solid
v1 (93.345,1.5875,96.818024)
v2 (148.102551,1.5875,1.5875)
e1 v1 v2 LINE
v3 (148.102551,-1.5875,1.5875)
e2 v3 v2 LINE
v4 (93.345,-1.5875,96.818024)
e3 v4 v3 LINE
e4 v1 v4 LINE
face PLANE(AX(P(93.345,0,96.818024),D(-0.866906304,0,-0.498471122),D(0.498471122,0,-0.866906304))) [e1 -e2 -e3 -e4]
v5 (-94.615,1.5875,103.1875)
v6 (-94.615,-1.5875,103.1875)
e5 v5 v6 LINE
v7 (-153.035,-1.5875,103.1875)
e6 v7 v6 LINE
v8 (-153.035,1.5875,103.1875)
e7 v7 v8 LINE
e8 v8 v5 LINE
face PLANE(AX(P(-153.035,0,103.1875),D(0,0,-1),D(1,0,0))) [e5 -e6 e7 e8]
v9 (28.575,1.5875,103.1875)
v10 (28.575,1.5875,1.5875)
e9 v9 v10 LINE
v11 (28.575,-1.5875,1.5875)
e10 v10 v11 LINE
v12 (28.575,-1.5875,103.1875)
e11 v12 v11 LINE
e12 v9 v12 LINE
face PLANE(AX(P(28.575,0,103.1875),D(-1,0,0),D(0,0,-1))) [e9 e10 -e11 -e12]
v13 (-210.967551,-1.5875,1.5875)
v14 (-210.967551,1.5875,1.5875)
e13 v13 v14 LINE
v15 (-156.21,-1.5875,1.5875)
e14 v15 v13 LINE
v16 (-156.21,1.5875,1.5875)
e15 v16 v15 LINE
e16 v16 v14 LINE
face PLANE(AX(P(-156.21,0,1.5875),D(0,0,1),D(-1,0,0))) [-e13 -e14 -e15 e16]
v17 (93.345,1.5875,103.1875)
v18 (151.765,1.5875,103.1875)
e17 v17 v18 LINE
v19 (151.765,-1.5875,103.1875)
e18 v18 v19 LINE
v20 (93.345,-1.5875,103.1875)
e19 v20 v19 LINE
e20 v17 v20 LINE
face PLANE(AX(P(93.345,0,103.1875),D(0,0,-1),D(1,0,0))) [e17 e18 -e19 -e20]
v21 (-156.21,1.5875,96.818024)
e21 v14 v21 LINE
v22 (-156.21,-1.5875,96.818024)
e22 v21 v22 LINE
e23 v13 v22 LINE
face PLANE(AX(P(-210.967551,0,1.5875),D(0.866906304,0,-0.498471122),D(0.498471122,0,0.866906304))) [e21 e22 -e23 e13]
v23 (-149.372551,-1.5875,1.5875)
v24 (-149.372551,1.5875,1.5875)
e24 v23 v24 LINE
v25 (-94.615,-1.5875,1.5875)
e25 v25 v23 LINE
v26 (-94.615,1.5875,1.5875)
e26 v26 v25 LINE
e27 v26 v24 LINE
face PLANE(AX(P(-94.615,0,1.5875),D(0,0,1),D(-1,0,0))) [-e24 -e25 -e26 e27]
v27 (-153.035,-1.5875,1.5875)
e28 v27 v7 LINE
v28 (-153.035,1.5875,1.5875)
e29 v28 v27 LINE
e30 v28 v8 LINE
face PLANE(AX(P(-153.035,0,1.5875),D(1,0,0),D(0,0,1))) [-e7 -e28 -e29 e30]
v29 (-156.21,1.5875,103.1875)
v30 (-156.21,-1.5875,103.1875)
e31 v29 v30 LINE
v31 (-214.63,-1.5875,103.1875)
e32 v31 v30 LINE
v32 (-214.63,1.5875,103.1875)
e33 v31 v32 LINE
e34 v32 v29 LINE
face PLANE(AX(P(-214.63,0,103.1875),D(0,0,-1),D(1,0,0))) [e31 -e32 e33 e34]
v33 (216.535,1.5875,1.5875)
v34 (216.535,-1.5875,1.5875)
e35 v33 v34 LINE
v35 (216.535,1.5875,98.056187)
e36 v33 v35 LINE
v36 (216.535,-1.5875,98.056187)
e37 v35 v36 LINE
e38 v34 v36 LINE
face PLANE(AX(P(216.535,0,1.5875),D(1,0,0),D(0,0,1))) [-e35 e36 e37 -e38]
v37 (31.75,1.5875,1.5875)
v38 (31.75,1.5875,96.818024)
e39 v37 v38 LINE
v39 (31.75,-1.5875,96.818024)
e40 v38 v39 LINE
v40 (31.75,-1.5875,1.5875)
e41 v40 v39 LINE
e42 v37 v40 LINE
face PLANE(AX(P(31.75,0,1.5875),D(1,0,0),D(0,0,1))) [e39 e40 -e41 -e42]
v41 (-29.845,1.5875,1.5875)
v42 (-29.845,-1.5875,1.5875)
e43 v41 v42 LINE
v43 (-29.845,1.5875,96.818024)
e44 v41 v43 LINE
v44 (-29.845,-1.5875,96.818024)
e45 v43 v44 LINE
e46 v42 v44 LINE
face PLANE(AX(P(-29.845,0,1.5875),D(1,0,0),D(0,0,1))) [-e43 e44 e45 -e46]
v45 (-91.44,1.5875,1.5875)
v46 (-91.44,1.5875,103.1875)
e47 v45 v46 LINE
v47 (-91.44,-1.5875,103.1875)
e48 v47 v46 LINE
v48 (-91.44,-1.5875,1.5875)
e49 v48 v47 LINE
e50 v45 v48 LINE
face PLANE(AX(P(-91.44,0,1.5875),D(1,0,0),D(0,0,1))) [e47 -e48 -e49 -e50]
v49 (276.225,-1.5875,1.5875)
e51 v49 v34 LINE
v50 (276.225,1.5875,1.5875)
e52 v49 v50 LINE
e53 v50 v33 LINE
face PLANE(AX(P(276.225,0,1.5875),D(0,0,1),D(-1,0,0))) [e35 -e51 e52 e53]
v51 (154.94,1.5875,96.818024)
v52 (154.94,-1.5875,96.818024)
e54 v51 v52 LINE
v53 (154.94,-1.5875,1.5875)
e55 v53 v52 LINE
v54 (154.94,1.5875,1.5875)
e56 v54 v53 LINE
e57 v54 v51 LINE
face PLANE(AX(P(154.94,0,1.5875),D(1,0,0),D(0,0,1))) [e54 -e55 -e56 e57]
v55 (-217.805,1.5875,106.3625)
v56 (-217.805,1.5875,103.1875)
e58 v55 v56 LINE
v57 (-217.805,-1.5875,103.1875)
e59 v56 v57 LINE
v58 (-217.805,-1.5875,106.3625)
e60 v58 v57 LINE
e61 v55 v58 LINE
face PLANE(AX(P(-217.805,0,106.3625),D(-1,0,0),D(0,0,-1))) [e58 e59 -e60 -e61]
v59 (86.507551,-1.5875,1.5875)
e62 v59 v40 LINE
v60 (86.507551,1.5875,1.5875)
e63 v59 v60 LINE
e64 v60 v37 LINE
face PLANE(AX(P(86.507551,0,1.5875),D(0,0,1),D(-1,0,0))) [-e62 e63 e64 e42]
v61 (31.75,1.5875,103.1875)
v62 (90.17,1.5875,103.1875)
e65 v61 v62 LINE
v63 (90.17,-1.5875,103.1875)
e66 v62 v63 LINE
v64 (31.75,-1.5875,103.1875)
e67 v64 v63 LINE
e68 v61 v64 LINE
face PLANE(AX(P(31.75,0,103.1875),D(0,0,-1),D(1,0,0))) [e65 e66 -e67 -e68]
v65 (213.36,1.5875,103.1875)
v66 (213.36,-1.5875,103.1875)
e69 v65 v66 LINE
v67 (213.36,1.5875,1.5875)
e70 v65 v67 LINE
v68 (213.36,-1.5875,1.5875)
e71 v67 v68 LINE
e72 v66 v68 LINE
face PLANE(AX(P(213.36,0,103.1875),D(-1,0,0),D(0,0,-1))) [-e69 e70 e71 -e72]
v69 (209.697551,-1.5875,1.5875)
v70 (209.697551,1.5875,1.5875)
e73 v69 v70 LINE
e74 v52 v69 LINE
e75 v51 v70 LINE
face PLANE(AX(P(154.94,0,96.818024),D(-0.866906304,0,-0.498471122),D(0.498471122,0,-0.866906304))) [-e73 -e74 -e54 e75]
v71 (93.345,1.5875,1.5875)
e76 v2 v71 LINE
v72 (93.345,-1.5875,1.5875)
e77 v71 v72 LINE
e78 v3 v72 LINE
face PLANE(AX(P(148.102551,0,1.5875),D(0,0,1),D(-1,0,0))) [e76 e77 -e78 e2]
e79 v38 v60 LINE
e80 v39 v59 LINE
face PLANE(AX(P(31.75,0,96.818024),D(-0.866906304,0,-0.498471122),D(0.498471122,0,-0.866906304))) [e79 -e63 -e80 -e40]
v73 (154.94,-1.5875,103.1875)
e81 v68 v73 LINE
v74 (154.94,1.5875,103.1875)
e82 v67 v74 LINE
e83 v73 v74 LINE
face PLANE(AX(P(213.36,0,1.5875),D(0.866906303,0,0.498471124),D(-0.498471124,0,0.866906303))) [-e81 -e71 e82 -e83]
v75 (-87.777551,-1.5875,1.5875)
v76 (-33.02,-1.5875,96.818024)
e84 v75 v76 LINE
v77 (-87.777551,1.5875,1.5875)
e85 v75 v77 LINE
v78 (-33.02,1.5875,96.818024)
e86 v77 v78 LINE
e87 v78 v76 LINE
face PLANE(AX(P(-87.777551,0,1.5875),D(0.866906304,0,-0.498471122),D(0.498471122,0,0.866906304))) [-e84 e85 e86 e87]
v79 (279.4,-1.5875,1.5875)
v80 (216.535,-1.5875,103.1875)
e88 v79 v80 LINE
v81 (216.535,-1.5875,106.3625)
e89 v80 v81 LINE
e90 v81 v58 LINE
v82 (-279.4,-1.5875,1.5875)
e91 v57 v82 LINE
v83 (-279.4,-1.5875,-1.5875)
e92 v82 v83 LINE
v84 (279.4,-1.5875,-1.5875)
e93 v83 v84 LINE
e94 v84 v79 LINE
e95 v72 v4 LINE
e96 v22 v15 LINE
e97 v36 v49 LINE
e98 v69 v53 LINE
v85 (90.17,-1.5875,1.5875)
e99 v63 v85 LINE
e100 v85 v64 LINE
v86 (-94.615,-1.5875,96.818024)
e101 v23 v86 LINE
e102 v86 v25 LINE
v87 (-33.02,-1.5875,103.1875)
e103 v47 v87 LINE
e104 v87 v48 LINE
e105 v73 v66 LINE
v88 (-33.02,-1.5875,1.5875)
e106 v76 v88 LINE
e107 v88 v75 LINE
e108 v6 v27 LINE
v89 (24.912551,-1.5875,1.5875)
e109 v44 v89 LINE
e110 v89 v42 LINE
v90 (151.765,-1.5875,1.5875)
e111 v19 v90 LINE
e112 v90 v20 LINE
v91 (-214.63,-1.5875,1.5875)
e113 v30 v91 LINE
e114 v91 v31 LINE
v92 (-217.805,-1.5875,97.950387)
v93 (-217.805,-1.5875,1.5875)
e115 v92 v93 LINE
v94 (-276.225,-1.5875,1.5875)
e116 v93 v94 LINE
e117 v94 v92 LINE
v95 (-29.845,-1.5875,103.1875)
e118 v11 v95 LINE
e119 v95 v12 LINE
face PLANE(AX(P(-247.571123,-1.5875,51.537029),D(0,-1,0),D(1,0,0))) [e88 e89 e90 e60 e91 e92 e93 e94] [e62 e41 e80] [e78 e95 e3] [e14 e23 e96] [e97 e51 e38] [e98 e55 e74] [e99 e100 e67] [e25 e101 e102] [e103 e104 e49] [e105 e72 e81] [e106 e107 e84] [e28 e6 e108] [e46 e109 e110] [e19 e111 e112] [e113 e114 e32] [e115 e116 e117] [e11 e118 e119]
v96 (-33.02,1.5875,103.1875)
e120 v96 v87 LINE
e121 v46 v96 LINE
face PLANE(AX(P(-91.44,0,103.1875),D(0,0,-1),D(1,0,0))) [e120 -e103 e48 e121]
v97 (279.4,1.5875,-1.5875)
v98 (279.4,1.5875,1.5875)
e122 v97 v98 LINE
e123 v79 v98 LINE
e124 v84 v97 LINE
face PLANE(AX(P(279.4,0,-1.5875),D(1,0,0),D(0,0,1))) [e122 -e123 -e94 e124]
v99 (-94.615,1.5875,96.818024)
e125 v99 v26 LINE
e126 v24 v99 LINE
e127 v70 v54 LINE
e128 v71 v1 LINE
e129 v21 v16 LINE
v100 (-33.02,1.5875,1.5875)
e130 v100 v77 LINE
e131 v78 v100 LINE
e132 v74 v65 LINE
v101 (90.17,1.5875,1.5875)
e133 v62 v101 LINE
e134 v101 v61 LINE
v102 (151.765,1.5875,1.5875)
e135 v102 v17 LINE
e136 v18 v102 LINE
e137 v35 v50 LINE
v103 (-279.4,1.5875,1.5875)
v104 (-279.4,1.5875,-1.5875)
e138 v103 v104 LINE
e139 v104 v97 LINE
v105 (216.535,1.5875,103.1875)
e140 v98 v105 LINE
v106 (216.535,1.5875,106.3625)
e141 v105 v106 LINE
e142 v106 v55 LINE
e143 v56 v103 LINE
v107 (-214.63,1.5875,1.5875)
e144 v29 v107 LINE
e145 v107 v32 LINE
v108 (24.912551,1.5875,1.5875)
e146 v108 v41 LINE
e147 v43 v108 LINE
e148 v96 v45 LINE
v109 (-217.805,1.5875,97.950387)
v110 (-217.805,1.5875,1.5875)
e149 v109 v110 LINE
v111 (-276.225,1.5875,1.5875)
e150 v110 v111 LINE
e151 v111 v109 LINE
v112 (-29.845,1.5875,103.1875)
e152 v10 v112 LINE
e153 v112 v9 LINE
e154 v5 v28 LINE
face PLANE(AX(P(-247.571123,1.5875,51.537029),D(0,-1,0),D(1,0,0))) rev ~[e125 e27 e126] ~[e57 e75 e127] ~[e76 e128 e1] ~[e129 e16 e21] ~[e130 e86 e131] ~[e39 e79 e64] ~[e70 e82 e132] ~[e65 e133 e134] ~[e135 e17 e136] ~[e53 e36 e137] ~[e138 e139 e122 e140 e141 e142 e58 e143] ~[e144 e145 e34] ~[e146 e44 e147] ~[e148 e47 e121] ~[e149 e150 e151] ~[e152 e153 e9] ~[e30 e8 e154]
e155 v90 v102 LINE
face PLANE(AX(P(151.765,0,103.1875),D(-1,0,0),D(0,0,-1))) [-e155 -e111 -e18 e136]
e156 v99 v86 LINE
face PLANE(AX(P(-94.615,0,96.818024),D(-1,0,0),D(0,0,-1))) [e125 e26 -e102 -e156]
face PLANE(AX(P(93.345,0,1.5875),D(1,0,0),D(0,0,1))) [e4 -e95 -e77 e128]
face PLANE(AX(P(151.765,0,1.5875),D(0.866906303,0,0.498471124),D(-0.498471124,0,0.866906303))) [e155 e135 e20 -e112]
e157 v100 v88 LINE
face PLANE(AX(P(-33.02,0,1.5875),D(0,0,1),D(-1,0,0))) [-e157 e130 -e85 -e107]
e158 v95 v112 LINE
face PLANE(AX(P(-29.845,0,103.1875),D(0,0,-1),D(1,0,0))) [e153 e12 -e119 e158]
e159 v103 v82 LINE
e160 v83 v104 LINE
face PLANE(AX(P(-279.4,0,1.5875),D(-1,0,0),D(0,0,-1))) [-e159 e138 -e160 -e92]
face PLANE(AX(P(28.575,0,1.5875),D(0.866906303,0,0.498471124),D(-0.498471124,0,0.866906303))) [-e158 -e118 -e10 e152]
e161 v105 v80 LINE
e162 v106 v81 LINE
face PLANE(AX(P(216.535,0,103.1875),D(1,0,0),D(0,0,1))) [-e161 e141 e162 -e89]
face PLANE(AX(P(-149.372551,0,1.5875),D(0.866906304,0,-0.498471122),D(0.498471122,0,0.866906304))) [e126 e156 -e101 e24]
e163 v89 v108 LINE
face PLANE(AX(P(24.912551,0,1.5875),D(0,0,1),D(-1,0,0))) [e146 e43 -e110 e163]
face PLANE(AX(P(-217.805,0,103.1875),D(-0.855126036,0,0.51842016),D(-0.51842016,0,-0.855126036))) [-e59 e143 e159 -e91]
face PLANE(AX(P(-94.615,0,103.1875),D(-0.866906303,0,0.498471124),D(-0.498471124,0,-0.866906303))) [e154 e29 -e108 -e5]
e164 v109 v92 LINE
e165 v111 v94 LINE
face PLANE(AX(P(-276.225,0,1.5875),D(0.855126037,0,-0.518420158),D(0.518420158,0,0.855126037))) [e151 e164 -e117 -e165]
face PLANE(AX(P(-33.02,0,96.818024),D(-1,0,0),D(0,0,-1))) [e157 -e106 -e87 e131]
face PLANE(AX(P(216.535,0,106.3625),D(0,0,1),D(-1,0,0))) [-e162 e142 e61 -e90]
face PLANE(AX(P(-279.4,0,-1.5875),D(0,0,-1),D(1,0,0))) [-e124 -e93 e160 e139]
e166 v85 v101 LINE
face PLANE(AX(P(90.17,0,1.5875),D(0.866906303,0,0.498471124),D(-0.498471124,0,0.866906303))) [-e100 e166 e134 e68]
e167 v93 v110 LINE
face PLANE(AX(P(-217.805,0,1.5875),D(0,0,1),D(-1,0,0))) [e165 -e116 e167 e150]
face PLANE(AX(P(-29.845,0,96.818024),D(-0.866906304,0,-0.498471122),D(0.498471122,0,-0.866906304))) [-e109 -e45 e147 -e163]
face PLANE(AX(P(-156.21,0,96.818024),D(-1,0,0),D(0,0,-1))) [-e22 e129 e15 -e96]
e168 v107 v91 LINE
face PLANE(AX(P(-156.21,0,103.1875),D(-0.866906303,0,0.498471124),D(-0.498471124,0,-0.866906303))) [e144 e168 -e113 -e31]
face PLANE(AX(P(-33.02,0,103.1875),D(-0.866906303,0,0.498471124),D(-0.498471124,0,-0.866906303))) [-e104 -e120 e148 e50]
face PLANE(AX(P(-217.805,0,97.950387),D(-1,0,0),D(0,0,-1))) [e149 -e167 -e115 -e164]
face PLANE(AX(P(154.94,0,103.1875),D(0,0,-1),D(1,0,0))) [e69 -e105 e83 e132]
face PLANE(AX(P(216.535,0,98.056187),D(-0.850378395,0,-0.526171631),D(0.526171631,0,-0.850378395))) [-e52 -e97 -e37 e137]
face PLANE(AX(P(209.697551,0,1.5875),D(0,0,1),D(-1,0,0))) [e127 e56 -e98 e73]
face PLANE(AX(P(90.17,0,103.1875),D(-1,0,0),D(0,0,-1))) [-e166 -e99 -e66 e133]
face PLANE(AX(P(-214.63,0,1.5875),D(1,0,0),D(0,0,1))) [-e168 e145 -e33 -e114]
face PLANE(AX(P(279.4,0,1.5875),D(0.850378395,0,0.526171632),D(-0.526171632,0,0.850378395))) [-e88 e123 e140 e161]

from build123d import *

# Parameters (mm, degrees)
F1_DEPTH = 1.5875


with BuildPart() as f1:
    # F0 (on Front) → F1 (new body, symmetric)
    with BuildSketch(Plane.XZ):
        Polygon((-217.805, 103.1875), (-279.4, 1.5875), (-276.225, 1.5875), (-217.805, 97.950387), align=None)
        Polygon((-279.4, -1.5875), (279.4, -1.5875), (279.4, 1.5875), (276.225, 1.5875), (216.535, 1.5875), (213.36, 1.5875), (209.697551, 1.5875), (154.94, 1.5875), (151.765, 1.5875), (148.102551, 1.5875), (93.345, 1.5875), (90.17, 1.5875), (86.507551, 1.5875), (31.75, 1.5875), (28.575, 1.5875), (24.912551, 1.5875), (-29.845, 1.5875), (-33.02, 1.5875), (-87.777551, 1.5875), (-91.44, 1.5875), (-94.615, 1.5875), (-149.372551, 1.5875), (-153.035, 1.5875), (-156.21, 1.5875), (-210.967551, 1.5875), (-214.63, 1.5875), (-217.805, 1.5875), (-276.225, 1.5875), (-279.4, 1.5875), align=None)
        Polygon((213.36, 103.1875), (216.535, 103.1875), (216.535, 106.3625), (-217.805, 106.3625), (-217.805, 103.1875), (-214.63, 103.1875), (-156.21, 103.1875), (-153.035, 103.1875), (-94.615, 103.1875), (-91.44, 103.1875), (-33.02, 103.1875), (-29.845, 103.1875), (28.575, 103.1875), (31.75, 103.1875), (90.17, 103.1875), (93.345, 103.1875), (151.765, 103.1875), (154.94, 103.1875), align=None)
        Polygon((-214.63, 103.1875), (-217.805, 103.1875), (-217.805, 97.950387), (-217.805, 1.5875), (-214.63, 1.5875), align=None)
        Polygon((-156.21, 103.1875), (-214.63, 1.5875), (-210.967551, 1.5875), (-156.21, 96.818024), align=None)
        Polygon((-153.035, 103.1875), (-156.21, 103.1875), (-156.21, 96.818024), (-156.21, 1.5875), (-153.035, 1.5875), align=None)
        Polygon((-94.615, 103.1875), (-153.035, 1.5875), (-149.372551, 1.5875), (-94.615, 96.818024), align=None)
        Polygon((-91.44, 103.1875), (-94.615, 103.1875), (-94.615, 96.818024), (-94.615, 1.5875), (-91.44, 1.5875), align=None)
        Polygon((-33.02, 103.1875), (-91.44, 1.5875), (-87.777551, 1.5875), (-33.02, 96.818024), align=None)
        Polygon((-29.845, 103.1875), (-33.02, 103.1875), (-33.02, 96.818024), (-33.02, 1.5875), (-29.845, 1.5875), (-29.845, 96.818024), align=None)
        Polygon((31.75, 96.818024), (31.75, 103.1875), (28.575, 103.1875), (28.575, 1.5875), (31.75, 1.5875), align=None)
        Polygon((28.575, 1.5875), (-29.845, 103.1875), (-29.845, 96.818024), (24.912551, 1.5875), align=None)
        Polygon((86.507551, 1.5875), (90.17, 1.5875), (31.75, 103.1875), (31.75, 96.818024), align=None)
        Polygon((93.345, 96.818024), (93.345, 103.1875), (90.17, 103.1875), (90.17, 1.5875), (93.345, 1.5875), align=None)
        Polygon((148.102551, 1.5875), (151.765, 1.5875), (93.345, 103.1875), (93.345, 96.818024), align=None)
        Polygon((154.94, 96.818024), (154.94, 103.1875), (151.765, 103.1875), (151.765, 1.5875), (154.94, 1.5875), align=None)
        Polygon((209.697551, 1.5875), (213.36, 1.5875), (154.94, 103.1875), (154.94, 96.818024), align=None)
        Polygon((276.225, 1.5875), (279.4, 1.5875), (216.535, 103.1875), (216.535, 98.056187), align=None)
        Polygon((216.535, 98.056187), (216.535, 103.1875), (213.36, 103.1875), (213.36, 1.5875), (216.535, 1.5875), align=None)
    extrude(amount=F1_DEPTH, both=True)


solid = f1.part
